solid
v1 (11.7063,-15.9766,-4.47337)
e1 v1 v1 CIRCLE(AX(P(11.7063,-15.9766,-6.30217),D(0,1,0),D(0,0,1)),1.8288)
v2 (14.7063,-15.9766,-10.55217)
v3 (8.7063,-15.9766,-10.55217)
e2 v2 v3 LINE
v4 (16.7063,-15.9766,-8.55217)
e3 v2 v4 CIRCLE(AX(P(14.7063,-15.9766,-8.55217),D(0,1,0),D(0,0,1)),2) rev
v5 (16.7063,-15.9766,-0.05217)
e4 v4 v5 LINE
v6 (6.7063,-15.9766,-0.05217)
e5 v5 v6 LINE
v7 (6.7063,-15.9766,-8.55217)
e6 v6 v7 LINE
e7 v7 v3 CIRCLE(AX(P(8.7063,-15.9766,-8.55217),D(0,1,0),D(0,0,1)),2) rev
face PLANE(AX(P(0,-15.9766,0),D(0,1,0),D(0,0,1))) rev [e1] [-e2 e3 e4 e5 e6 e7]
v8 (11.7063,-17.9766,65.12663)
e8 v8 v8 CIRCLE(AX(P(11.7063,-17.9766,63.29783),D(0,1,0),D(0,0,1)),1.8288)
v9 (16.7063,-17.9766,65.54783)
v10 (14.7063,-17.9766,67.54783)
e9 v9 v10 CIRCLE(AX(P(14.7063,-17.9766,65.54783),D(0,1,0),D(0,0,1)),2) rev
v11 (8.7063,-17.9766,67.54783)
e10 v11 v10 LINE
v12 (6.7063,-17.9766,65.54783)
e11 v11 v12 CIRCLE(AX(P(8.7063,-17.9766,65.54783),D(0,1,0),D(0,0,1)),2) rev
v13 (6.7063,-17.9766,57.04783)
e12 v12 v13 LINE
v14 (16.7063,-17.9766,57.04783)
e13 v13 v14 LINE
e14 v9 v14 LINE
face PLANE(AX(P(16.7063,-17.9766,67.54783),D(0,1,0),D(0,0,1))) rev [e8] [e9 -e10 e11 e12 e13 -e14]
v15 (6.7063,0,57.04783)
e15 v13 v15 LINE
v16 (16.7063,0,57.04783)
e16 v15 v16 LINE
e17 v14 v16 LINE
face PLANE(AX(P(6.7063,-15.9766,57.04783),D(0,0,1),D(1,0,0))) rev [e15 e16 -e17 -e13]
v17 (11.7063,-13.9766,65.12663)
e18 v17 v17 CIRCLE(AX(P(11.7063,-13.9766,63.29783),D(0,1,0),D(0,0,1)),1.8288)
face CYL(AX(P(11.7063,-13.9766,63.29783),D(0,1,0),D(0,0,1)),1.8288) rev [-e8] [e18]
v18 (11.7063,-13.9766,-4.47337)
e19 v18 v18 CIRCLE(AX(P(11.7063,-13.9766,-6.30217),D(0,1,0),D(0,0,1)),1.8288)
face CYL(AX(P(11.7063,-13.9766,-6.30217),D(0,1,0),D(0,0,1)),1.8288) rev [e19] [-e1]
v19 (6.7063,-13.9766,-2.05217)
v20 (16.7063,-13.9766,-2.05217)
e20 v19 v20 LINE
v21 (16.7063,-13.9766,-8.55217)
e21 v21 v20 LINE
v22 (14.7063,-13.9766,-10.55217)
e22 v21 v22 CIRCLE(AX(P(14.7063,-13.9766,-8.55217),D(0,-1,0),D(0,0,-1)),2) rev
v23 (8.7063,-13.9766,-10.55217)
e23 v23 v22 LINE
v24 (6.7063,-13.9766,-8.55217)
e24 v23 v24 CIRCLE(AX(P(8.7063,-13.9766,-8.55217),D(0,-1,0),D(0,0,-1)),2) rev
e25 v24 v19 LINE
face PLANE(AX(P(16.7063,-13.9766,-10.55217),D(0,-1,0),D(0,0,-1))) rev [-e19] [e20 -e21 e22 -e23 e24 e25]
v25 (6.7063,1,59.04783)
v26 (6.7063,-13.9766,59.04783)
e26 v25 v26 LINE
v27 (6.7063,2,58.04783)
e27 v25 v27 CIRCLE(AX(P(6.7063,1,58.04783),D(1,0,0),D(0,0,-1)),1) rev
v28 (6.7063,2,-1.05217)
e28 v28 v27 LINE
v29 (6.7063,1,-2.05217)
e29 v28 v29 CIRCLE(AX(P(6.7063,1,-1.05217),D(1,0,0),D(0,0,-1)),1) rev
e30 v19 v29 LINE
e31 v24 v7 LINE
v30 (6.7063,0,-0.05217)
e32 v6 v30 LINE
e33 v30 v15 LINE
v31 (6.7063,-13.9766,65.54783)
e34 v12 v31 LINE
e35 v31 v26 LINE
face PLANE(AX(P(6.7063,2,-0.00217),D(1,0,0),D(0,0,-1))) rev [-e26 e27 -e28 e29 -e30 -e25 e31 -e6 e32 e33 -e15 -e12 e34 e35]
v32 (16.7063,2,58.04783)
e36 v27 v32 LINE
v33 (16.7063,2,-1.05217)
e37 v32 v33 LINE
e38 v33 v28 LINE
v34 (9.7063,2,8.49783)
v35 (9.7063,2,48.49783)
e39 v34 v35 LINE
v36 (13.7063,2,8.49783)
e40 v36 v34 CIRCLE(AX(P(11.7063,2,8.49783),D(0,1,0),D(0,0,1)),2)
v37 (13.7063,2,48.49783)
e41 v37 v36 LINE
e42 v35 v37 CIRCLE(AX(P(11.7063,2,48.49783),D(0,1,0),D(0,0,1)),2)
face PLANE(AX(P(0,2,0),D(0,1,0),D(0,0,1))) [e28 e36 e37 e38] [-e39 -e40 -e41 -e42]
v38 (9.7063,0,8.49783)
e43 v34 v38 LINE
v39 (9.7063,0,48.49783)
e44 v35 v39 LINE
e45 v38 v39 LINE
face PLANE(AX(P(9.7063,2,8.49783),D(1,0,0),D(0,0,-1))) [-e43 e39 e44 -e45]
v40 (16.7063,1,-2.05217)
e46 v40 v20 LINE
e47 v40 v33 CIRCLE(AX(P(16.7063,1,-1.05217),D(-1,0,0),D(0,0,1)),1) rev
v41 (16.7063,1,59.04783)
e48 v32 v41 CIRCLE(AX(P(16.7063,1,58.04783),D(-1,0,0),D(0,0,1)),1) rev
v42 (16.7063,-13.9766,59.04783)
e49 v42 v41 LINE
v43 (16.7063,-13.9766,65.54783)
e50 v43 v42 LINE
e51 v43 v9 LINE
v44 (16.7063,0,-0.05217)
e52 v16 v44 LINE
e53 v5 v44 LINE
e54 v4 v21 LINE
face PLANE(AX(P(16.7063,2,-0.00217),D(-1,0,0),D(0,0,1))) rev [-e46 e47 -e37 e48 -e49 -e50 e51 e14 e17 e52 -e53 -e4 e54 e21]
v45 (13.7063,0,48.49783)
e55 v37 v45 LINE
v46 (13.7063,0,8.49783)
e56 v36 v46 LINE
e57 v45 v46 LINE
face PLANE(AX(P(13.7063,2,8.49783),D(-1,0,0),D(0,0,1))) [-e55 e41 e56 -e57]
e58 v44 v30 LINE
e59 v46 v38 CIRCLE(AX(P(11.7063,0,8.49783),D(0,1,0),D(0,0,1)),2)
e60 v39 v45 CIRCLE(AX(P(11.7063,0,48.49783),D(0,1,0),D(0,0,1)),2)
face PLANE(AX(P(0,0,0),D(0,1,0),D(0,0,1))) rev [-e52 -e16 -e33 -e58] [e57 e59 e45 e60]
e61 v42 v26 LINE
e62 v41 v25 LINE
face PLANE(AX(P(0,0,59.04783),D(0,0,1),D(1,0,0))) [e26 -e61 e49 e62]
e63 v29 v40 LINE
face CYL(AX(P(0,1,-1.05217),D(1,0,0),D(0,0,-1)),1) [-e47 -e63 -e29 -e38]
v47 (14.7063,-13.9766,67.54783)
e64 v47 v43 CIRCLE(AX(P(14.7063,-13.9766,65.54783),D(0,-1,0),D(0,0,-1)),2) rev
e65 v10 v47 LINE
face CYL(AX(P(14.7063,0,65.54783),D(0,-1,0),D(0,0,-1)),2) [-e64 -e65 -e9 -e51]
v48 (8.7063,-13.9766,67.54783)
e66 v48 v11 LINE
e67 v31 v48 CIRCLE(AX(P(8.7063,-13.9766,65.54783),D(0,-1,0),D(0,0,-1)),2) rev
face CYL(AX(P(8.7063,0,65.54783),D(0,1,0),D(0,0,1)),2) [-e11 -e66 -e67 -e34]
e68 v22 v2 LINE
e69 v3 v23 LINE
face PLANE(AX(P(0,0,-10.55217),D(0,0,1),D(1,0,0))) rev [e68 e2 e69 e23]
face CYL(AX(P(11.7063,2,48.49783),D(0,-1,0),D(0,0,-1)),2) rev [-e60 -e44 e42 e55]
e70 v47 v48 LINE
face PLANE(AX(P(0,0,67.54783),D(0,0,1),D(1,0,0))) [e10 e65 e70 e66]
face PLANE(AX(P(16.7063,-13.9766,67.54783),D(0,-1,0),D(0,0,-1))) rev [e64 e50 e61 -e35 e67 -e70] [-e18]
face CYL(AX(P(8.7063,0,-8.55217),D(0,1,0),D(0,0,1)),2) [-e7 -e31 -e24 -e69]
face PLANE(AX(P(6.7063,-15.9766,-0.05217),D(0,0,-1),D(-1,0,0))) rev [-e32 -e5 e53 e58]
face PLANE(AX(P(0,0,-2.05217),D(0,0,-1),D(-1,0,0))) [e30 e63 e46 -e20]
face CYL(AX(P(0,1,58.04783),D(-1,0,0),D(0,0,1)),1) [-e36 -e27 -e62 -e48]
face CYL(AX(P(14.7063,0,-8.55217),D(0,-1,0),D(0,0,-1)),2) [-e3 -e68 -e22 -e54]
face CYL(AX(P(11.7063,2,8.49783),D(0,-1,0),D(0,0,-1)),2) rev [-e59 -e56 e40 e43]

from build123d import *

# Parameters (mm, degrees)
SKETCH4_W                 = 10
SKETCH4_H                 = 57
BOSS_EXTRUDE3_DEPTH       = 2
SKETCH5_W                 = 10
SKETCH5_H                 = 2
BOSS_EXTRUDE4_DEPTH       = 2.05
SKETCH6_W                 = 10
SKETCH6_H                 = 2
BOSS_EXTRUDE5_DEPTH       = 15.9766
SKETCH7_W                 = 10
SKETCH7_H                 = 4
BOSS_EXTRUDE6_DEPTH       = 8.5
SKETCH8_W                 = 10
SKETCH8_H                 = 2
BOSS_EXTRUDE7_DEPTH       = 2.05
SKETCH9_W                 = 10
SKETCH9_H                 = 2
BOSS_EXTRUDE8_DEPTH       = 15.9766
SKETCH10_W                = 10
SKETCH10_H                = 2
BOSS_EXTRUDE9_DEPTH       = 8.5
F_6_CLEARANCE_HOLE1_D     = 3.6576
F_6_CLEARANCE_HOLE1_DEPTH = 7.62
F_6_CLEARANCE_HOLE1_TIP   = 1.0988539
FILLET2_R                 = 1
FILLET3_R                 = 2
SKETCH16_W                = 10
SKETCH16_H                = 2
BOSS_EXTRUDE10_DEPTH      = 2


with BuildPart() as part:
    # Sketch4 → Boss-Extrude3 (new body)
    with BuildSketch(Plane(origin=(0, 0, 0), x_dir=(1, 0, 0), z_dir=(0, 1, 0))):
        with Locations((11.706300269, -28.497829615)):
            Rectangle(SKETCH4_W, SKETCH4_H)
        with BuildLine():
            Line((13.706300269, -8.497829615), (13.706300269, -48.497829615))
            ThreePointArc((13.706300269, -48.497829615), (11.706300269, -50.497829615), (9.706300269, -48.497829615))
            Line((9.706300269, -48.497829615), (9.706300269, -8.497829615))
            ThreePointArc((9.706300269, -8.497829615), (11.706300269, -6.497829615), (13.706300269, -8.497829615))
        make_face(mode=Mode.SUBTRACT)
    extrude(amount=BOSS_EXTRUDE3_DEPTH)

    # Sketch5 → Boss-Extrude4 (add)
    with BuildSketch(Plane.XY.offset(56.997829615)):
        with Locations((11.706300269, 1)):
            Rectangle(SKETCH5_W, SKETCH5_H)
    extrude(amount=BOSS_EXTRUDE4_DEPTH)

    # Sketch6 → Boss-Extrude5 (add)
    with BuildSketch(Plane.XZ):
        with Locations((11.706300269, 58.047829615)):
            Rectangle(SKETCH6_W, SKETCH6_H)
    extrude(amount=BOSS_EXTRUDE5_DEPTH)

    # Sketch7 → Boss-Extrude6 (add)
    with BuildSketch(Plane.XY.offset(59.047829615)):
        with Locations((11.706300269, -15.9766)):
            Rectangle(SKETCH7_W, SKETCH7_H)
    extrude(amount=BOSS_EXTRUDE6_DEPTH)

    # Sketch8 → Boss-Extrude7 (add)
    with BuildSketch(Plane(origin=(0, 0, -0.002170385), x_dir=(-1, 0, 0), z_dir=(0, 0, -1))):
        with Locations((-11.706300269, 1)):
            Rectangle(SKETCH8_W, SKETCH8_H)
    extrude(amount=BOSS_EXTRUDE7_DEPTH)

    # Sketch9 → Boss-Extrude8 (add)
    with BuildSketch(Plane.XZ):
        with Locations((11.706300269, -1.052170385)):
            Rectangle(SKETCH9_W, SKETCH9_H)
    extrude(amount=BOSS_EXTRUDE8_DEPTH)

    # Sketch10 → Boss-Extrude9 (add)
    with BuildSketch(Plane(origin=(0, 0, -2.052170385), x_dir=(-1, 0, 0), z_dir=(0, 0, -1))):
        with Locations((-11.706300269, -14.9766)):
            Rectangle(SKETCH10_W, SKETCH10_H)
    extrude(amount=BOSS_EXTRUDE9_DEPTH)

    # #6 Clearance Hole1
    with Locations(Plane(origin=(0, -13.9766, 0), x_dir=(1, 0, 0), z_dir=(0, 1, 0))):
        with Locations((11.706300269, -63.297829615), (11.706300269, 6.302170385)):
            Hole(F_6_CLEARANCE_HOLE1_D / 2, depth=F_6_CLEARANCE_HOLE1_DEPTH)
            with Locations((0, 0, -(F_6_CLEARANCE_HOLE1_DEPTH + F_6_CLEARANCE_HOLE1_TIP / 2))):  # 118° drill point
                Cone(0, F_6_CLEARANCE_HOLE1_D / 2, F_6_CLEARANCE_HOLE1_TIP, mode=Mode.SUBTRACT)

    # Fillet2
    fillet2_edges = [part.edges().sort_by_distance(p)[0] for p in [
        (11.706300269, 2, 59.047829615),
        (11.706300269, 2, -2.052170385),
    ]]
    fillet(fillet2_edges, radius=FILLET2_R)

    # Fillet3
    fillet3_edges = [part.edges().sort_by_distance(p)[0] for p in [
        (16.706300269, -15.9766, 67.547829615),
        (6.706300269, -15.9766, 67.547829615),
        (16.706300269, -14.9766, -10.552170385),
        (6.706300269, -14.9766, -10.552170385),
    ]]
    fillet(fillet3_edges, radius=FILLET3_R)

    # Sketch16 → Boss-Extrude10 (add)
    with BuildSketch(Plane(origin=(0, 0, 59.047829615), x_dir=(-1, 0, 0), z_dir=(0, 0, -1))):
        with Locations((-11.706300269, -16.9766)):
            Rectangle(SKETCH16_W, SKETCH16_H)
    extrude(amount=BOSS_EXTRUDE10_DEPTH)


solid = part.part
